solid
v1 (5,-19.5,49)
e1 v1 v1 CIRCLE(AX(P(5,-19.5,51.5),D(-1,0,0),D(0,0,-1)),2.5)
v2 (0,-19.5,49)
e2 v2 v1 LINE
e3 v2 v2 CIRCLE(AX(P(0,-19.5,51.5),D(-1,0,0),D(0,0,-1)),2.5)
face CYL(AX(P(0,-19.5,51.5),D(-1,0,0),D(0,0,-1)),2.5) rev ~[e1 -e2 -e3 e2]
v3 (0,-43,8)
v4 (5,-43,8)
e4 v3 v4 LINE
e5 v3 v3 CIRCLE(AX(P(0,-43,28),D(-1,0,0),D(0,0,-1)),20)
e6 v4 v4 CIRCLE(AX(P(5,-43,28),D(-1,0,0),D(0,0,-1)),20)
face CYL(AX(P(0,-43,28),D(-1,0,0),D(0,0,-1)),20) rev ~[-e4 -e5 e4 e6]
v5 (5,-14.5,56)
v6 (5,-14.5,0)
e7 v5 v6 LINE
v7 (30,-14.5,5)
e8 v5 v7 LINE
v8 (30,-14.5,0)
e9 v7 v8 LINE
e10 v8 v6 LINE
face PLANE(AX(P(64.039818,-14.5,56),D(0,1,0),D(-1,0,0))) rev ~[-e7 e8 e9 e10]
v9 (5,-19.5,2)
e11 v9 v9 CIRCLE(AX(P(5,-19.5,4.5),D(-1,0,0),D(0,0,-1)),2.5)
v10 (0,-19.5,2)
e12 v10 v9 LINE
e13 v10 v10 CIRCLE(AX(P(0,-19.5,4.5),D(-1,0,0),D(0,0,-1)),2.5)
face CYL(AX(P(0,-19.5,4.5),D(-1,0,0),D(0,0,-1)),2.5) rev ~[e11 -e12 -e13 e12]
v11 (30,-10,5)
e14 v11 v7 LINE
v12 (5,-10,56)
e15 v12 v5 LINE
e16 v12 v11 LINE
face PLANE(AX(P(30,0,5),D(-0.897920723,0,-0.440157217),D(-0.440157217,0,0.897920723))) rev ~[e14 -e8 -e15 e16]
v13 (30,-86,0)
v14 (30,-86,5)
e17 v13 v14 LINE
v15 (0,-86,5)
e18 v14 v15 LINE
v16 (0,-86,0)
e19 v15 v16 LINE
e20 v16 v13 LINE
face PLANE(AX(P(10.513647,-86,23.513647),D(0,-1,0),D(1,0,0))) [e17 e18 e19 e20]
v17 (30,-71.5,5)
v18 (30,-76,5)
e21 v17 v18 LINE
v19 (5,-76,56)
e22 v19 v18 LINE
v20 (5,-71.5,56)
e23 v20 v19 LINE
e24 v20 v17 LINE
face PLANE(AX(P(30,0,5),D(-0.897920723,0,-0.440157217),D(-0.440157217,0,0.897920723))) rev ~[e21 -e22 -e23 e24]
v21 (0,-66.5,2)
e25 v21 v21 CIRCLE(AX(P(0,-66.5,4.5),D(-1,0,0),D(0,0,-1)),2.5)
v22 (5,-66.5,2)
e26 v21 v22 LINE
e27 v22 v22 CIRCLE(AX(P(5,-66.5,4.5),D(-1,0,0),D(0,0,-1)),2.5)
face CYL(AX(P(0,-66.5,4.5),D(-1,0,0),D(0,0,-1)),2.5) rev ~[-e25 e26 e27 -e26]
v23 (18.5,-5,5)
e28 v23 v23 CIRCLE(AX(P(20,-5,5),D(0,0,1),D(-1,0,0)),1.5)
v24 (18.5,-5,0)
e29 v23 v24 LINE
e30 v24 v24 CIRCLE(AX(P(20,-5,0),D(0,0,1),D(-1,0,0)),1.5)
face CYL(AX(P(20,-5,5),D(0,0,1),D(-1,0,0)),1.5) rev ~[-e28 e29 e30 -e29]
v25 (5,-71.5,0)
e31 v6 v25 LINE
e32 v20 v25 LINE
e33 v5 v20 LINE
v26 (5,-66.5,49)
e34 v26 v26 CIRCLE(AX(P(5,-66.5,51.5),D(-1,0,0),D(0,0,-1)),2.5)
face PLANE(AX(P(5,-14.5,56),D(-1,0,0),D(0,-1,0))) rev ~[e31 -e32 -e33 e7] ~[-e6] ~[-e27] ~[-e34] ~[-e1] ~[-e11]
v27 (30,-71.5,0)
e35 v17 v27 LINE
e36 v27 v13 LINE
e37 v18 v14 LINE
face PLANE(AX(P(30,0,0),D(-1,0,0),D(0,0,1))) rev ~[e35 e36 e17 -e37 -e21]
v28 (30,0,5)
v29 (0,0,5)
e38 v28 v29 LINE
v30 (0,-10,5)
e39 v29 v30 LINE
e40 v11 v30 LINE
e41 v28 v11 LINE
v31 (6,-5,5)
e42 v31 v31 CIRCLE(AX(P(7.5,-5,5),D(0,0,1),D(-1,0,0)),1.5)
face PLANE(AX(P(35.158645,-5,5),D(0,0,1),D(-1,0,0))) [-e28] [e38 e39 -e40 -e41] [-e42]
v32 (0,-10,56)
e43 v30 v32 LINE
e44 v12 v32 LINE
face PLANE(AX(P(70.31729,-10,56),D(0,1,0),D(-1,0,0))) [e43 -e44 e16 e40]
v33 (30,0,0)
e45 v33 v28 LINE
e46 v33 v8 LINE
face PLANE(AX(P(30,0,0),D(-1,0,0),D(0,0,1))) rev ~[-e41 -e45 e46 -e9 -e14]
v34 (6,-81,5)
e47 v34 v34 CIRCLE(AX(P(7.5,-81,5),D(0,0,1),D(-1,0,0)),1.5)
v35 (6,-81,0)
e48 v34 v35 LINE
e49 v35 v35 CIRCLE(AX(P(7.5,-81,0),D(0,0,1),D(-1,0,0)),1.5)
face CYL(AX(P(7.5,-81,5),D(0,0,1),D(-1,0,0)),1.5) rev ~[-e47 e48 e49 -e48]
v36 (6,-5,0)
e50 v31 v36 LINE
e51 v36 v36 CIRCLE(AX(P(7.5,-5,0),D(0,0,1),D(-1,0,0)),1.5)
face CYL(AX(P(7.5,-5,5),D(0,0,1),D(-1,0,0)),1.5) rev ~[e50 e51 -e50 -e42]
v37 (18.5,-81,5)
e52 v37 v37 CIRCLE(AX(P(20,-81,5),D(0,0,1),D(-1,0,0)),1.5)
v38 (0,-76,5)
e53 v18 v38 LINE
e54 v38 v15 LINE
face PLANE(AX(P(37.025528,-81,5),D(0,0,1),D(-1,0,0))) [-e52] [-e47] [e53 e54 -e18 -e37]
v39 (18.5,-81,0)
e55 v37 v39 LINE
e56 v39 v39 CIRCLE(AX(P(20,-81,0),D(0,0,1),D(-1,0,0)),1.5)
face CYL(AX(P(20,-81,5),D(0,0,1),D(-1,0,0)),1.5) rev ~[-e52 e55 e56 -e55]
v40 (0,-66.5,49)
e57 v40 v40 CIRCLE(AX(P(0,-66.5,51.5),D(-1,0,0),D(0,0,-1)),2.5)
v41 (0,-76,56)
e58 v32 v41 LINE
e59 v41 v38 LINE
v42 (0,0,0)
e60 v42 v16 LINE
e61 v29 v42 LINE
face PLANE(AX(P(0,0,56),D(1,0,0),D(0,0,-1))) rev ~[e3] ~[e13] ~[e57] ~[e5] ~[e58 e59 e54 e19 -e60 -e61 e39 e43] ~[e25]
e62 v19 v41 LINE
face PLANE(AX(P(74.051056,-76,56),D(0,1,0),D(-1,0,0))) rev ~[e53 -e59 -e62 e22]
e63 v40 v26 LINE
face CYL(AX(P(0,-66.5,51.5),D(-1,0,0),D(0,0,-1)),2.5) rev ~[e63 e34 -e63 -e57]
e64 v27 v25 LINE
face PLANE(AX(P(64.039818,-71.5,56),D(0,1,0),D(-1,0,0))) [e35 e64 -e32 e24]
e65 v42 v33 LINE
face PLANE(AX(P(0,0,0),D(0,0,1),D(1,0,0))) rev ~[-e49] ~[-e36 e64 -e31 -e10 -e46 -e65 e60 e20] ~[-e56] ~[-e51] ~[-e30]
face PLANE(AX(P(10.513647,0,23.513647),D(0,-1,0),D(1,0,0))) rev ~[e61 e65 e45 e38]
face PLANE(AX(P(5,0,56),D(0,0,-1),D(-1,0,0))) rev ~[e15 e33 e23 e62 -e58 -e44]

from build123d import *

# Parameters (mm, degrees)
PAD_DEPTH       = 86
SKETCH001_W     = 59.039818
SKETCH001_H     = 57
POCKET_DEPTH    = 56.001
SKETCH002_W     = 74.051056
SKETCH002_H     = 10
SKETCH002_W_2   = 70.317291
POCKET001_DEPTH = 51
SKETCH003_R     = 1.5
POCKET002_DEPTH = 5.001
SKETCH005_R     = 20
POCKET003_DEPTH = 30.001
SKETCH006_R     = 2.5
POCKET004_DEPTH = 30.001


with BuildPart() as part:
    # Sketch → Pad (new body)
    with BuildSketch(Plane.XZ):
        Polygon((0, 0), (30, 0), (30, 5), (5, 56), (0, 56), align=None)
    extrude(amount=PAD_DEPTH)

    # Sketch001 (on Face4 of Pad) → Pocket (cut, through all)
    with BuildSketch(Plane(origin=(0, 0, 56), x_dir=(-1, 0, 0), z_dir=(0, 0, 1))):
        with Locations((-34.519909, 43)):
            Rectangle(SKETCH001_W, SKETCH001_H)
    extrude(amount=-POCKET_DEPTH, mode=Mode.SUBTRACT)

    # Sketch002 (on Face11 of Pocket) → Pocket001 (cut)
    with BuildSketch(Plane(origin=(0, 0, 56), x_dir=(-1, 0, 0), z_dir=(0, 0, 1))):
        with Locations((-37.025528, 81)):
            Rectangle(SKETCH002_W, SKETCH002_H)
        with Locations((-35.158645, 5)):
            Rectangle(SKETCH002_W_2, SKETCH002_H)
    extrude(amount=-POCKET001_DEPTH, mode=Mode.SUBTRACT)

    # Sketch003 (on Face14 of Pocket001) → Pocket002 (cut, through all)
    with BuildSketch(Plane(origin=(0, 0, 5), x_dir=(-1, 0, 0), z_dir=(0, 0, 1))):
        with Locations((-20, 81)):
            Circle(SKETCH003_R)
        with Locations((-7.5, 81)):
            Circle(SKETCH003_R)
        with Locations((-20, 5)):
            Circle(SKETCH003_R)
        with Locations((-7.5, 5)):
            Circle(SKETCH003_R)
    extrude(amount=-POCKET002_DEPTH, mode=Mode.SUBTRACT)

    # Sketch005 (on Face3 of Pocket002) → Pocket003 (cut, through all)
    with BuildSketch(Plane(origin=(0, 0, 0), x_dir=(0, 0, -1), z_dir=(-1, 0, 0))):
        with Locations((-28, 43)):
            Circle(SKETCH005_R)
    extrude(amount=-POCKET003_DEPTH, mode=Mode.SUBTRACT)

    # Sketch006 (on Face3 of Pocket003) → Pocket004 (cut, through all)
    with BuildSketch(Plane(origin=(0, 0, 0), x_dir=(0, 0, -1), z_dir=(-1, 0, 0))):
        with Locations((-51.5, 66.5)):
            Circle(SKETCH006_R)
        with Locations((-4.5, 66.5)):
            Circle(SKETCH006_R)
        with Locations((-51.5, 19.5)):
            Circle(SKETCH006_R)
        with Locations((-4.5, 19.5)):
            Circle(SKETCH006_R)
    extrude(amount=-POCKET004_DEPTH, mode=Mode.SUBTRACT)


solid = part.part
